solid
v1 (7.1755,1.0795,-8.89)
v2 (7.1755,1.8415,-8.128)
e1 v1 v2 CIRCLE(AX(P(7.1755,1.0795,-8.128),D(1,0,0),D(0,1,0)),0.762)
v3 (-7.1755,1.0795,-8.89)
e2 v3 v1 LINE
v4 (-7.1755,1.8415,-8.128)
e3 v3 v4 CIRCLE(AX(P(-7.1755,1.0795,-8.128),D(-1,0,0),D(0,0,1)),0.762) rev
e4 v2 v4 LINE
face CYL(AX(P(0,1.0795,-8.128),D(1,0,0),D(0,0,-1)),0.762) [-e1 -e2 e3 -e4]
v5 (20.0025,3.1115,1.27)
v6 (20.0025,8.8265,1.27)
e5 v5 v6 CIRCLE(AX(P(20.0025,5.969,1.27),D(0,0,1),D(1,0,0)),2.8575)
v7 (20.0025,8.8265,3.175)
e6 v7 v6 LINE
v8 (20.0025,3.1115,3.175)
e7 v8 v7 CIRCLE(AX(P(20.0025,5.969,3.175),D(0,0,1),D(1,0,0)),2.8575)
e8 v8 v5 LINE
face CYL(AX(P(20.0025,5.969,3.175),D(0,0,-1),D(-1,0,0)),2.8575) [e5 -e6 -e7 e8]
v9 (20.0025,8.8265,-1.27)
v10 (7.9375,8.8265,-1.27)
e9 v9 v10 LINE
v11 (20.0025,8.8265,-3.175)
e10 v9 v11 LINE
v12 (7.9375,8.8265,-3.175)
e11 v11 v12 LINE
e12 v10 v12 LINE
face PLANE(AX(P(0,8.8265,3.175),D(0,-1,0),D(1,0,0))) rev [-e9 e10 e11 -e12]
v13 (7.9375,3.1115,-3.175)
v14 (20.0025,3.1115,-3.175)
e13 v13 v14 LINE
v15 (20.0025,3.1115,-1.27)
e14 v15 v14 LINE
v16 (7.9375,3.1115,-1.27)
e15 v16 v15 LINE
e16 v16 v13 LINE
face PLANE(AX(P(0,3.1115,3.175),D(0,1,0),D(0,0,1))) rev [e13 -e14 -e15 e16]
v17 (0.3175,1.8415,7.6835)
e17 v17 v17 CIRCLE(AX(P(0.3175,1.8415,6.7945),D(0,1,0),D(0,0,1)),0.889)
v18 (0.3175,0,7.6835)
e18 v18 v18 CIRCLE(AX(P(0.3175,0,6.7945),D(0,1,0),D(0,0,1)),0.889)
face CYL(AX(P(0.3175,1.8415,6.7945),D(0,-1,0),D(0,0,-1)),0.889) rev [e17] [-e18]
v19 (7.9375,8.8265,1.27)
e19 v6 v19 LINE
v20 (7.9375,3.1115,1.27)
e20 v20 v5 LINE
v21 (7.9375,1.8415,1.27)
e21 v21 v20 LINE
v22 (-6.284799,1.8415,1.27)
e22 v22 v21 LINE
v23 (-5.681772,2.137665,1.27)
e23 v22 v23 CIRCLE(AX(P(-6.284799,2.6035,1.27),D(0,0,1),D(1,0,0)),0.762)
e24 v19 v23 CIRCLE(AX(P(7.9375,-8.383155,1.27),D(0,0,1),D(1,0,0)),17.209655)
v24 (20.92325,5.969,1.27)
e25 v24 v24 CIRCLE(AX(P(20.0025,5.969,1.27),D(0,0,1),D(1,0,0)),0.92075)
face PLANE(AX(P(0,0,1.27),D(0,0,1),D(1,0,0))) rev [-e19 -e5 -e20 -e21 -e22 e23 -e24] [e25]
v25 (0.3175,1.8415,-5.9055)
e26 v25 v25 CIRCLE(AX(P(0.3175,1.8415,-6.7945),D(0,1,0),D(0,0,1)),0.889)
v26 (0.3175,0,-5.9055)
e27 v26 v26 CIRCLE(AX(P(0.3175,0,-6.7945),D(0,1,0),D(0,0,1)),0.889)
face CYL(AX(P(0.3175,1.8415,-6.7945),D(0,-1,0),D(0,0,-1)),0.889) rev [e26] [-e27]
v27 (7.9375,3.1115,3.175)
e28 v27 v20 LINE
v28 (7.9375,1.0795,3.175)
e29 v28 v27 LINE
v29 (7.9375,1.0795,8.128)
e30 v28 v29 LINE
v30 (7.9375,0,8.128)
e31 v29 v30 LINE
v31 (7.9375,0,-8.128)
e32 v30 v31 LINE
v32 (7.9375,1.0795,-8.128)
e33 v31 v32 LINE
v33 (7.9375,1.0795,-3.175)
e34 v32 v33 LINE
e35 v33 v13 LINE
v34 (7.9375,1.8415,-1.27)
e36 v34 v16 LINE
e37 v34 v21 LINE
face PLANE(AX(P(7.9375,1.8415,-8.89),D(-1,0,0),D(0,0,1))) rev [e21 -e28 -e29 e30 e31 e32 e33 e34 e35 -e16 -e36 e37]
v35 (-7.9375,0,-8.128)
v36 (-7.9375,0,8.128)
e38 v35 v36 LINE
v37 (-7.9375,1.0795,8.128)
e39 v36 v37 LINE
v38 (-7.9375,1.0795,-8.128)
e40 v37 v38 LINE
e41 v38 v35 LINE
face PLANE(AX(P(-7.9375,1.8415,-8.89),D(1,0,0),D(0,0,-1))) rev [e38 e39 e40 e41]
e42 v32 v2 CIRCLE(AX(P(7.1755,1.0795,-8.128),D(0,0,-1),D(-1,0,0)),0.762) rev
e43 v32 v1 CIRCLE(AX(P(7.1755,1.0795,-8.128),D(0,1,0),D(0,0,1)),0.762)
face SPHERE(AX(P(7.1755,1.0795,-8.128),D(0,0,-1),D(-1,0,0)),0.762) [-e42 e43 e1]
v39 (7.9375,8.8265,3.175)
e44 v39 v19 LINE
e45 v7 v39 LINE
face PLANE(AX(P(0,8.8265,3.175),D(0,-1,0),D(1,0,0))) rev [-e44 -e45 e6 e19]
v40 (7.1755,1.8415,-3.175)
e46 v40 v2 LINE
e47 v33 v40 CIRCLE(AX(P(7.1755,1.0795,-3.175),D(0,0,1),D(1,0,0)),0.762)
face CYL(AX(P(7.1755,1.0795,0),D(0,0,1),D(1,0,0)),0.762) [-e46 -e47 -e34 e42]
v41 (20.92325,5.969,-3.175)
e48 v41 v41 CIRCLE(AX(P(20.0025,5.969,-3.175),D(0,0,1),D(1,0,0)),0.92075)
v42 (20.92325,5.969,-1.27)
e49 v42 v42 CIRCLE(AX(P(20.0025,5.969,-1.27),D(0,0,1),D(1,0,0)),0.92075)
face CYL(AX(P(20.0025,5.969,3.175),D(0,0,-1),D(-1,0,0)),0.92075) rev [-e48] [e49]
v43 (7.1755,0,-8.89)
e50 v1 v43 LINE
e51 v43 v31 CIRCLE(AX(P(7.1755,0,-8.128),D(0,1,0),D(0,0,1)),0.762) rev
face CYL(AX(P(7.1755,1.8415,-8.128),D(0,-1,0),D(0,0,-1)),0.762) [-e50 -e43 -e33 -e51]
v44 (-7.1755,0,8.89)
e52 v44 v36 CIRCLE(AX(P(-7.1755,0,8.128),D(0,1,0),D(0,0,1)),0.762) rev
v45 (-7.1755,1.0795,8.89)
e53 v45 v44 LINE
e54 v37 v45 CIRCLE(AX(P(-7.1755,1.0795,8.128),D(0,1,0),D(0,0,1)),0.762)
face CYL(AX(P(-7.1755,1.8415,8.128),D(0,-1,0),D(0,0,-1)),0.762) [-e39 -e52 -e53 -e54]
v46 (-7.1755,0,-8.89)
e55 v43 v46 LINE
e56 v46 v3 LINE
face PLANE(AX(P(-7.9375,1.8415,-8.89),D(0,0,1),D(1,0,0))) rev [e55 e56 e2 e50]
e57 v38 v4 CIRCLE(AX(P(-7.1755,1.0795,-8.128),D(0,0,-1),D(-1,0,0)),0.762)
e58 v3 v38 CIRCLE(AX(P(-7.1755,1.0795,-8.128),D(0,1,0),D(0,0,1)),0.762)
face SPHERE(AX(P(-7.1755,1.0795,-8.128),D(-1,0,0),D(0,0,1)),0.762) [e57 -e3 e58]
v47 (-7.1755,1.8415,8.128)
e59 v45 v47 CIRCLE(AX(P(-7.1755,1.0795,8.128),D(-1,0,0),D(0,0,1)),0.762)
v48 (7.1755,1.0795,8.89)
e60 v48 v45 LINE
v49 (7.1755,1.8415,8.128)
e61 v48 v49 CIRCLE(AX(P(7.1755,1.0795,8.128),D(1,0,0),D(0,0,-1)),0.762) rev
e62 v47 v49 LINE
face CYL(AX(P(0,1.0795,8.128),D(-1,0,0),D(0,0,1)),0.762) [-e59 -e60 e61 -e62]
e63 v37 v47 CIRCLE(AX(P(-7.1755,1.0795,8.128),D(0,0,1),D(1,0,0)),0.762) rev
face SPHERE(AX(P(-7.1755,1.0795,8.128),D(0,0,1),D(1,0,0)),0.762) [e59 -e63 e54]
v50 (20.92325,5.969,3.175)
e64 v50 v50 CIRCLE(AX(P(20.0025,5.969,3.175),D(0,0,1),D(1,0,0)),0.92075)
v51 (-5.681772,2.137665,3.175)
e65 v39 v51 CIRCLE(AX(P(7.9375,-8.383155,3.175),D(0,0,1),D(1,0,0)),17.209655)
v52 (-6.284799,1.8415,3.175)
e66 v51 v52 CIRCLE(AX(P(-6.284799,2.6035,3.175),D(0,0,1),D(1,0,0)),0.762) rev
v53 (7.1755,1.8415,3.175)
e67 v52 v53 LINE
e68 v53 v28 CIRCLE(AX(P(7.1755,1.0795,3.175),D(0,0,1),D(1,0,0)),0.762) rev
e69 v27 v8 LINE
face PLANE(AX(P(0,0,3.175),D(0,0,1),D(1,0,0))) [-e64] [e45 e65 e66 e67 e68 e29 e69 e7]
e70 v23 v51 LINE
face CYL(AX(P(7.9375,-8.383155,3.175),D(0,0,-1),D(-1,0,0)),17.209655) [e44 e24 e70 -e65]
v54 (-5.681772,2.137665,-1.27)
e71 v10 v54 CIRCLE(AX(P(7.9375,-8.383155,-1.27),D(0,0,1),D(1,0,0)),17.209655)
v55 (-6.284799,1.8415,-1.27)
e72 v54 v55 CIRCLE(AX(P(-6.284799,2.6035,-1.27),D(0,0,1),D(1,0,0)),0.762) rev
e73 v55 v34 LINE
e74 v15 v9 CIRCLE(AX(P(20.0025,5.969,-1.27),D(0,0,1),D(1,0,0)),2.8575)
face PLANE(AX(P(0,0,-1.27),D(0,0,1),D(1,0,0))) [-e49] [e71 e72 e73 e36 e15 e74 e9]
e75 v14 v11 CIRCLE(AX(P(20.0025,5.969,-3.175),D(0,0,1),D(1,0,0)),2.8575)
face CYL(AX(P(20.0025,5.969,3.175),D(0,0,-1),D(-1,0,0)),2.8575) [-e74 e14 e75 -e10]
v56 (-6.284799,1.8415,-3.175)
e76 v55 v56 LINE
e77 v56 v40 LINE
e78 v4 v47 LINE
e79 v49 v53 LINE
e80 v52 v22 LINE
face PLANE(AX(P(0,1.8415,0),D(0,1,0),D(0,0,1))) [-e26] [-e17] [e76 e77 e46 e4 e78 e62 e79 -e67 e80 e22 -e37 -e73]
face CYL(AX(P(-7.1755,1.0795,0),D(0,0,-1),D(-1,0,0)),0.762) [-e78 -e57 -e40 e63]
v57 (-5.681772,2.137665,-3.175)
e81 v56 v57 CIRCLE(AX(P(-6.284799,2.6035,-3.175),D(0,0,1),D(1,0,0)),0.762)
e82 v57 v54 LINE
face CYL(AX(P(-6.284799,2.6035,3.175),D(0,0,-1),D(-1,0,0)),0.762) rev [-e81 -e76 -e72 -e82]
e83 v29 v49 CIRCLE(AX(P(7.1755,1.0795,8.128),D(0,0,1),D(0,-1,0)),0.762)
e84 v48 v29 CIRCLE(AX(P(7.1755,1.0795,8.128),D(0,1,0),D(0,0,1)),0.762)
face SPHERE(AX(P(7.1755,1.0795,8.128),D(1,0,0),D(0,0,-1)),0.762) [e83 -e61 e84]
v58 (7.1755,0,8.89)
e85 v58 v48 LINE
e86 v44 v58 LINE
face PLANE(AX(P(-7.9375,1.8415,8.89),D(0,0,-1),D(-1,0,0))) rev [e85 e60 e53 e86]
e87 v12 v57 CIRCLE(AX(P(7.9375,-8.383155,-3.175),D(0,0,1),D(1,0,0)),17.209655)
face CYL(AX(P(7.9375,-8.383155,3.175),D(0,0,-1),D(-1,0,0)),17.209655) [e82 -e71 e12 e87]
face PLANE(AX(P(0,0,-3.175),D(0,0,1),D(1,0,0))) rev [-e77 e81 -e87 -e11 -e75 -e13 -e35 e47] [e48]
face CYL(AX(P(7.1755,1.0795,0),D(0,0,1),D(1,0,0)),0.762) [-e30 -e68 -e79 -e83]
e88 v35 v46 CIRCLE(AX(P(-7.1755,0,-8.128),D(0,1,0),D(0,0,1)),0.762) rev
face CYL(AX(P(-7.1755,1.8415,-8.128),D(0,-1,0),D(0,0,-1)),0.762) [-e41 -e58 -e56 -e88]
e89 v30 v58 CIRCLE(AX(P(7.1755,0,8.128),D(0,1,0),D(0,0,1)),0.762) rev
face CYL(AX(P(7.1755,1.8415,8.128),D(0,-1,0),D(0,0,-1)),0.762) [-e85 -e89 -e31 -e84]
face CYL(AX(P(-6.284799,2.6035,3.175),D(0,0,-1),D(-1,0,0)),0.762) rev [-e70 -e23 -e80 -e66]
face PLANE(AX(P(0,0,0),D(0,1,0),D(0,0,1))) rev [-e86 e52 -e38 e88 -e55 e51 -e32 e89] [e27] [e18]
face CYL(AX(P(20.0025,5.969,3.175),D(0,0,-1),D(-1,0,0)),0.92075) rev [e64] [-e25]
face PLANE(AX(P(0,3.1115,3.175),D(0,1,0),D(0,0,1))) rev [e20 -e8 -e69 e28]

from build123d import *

# Parameters (mm, degrees)
SKETCH1_W           = 15.875
SKETCH1_H           = 17.78
SKETCH1_R           = 0.889
BOSS_EXTRUDE1_DEPTH = 1.8415
SKETCH2_R           = 0.92075
BOSS_EXTRUDE2_DEPTH = 3.175
SKETCH2_2_R         = 0.92075
CUT_EXTRUDE1_DEPTH  = 1.27
FILLET1_R           = 0.762


with BuildPart() as part:
    # Sketch1 → Boss-Extrude1 (new body)
    with BuildSketch(Plane(origin=(0, 0, 0), x_dir=(1, 0, 0), z_dir=(0, 1, 0))):
        Rectangle(SKETCH1_W, SKETCH1_H)
        with Locations((0.3175, 6.7945)):
            Circle(SKETCH1_R, mode=Mode.SUBTRACT)
        with Locations((0.3175, -6.7945)):
            Circle(SKETCH1_R, mode=Mode.SUBTRACT)
    extrude(amount=BOSS_EXTRUDE1_DEPTH)

    # Sketch2 → Boss-Extrude2 (add, symmetric)
    with BuildSketch(Plane.XY):
        with BuildLine():
            ThreePointArc((7.9375, 8.8265), (0.184776704, 6.981333441), (-5.9055, 1.8415))
            Line((-5.9055, 1.8415), (7.9375, 1.8415))
            Line((7.9375, 1.8415), (7.9375, 3.1115))
            Line((7.9375, 3.1115), (20.0025, 3.1115))
            ThreePointArc((20.0025, 3.1115), (22.86, 5.969), (20.0025, 8.8265))
            Line((20.0025, 8.8265), (7.9375, 8.8265))
        make_face()
        with Locations((20.0025, 5.969)):
            Circle(SKETCH2_R, mode=Mode.SUBTRACT)
    extrude(amount=BOSS_EXTRUDE2_DEPTH, both=True)

    # Sketch2<2> → Cut-Extrude1 (cut, symmetric)
    with BuildSketch(Plane.XY):
        with BuildLine():
            ThreePointArc((7.9375, 8.8265), (0.184776704, 6.981333441), (-5.9055, 1.8415))
            Line((-5.9055, 1.8415), (7.9375, 1.8415))
            Line((7.9375, 1.8415), (7.9375, 3.1115))
            Line((7.9375, 3.1115), (20.0025, 3.1115))
            ThreePointArc((20.0025, 3.1115), (22.86, 5.969), (20.0025, 8.8265))
            Line((20.0025, 8.8265), (7.9375, 8.8265))
        make_face()
        with Locations((20.0025, 5.969)):
            Circle(SKETCH2_2_R, mode=Mode.SUBTRACT)
    extrude(amount=CUT_EXTRUDE1_DEPTH, both=True, mode=Mode.SUBTRACT)

    # Fillet1
    fillet1_edges = [part.edges().sort_by_distance(p)[0] for p in [
        (7.9375, 1.8415, 6.0325),
        (0, 1.8415, -8.89),
        (7.9375, 1.8415, -6.0325),
        (-5.9055, 1.8415, 2.2225),
        (-5.9055, 1.8415, -2.2225),
        (-7.9375, 1.8415, 0),
        (-7.9375, 0.92075, -8.89),
        (7.9375, 0.92075, -8.89),
        (7.9375, 0.92075, 8.89),
        (-7.9375, 0.92075, 8.89),
        (0, 1.8415, 8.89),
    ]]
    fillet(fillet1_edges, radius=FILLET1_R)


solid = part.part
